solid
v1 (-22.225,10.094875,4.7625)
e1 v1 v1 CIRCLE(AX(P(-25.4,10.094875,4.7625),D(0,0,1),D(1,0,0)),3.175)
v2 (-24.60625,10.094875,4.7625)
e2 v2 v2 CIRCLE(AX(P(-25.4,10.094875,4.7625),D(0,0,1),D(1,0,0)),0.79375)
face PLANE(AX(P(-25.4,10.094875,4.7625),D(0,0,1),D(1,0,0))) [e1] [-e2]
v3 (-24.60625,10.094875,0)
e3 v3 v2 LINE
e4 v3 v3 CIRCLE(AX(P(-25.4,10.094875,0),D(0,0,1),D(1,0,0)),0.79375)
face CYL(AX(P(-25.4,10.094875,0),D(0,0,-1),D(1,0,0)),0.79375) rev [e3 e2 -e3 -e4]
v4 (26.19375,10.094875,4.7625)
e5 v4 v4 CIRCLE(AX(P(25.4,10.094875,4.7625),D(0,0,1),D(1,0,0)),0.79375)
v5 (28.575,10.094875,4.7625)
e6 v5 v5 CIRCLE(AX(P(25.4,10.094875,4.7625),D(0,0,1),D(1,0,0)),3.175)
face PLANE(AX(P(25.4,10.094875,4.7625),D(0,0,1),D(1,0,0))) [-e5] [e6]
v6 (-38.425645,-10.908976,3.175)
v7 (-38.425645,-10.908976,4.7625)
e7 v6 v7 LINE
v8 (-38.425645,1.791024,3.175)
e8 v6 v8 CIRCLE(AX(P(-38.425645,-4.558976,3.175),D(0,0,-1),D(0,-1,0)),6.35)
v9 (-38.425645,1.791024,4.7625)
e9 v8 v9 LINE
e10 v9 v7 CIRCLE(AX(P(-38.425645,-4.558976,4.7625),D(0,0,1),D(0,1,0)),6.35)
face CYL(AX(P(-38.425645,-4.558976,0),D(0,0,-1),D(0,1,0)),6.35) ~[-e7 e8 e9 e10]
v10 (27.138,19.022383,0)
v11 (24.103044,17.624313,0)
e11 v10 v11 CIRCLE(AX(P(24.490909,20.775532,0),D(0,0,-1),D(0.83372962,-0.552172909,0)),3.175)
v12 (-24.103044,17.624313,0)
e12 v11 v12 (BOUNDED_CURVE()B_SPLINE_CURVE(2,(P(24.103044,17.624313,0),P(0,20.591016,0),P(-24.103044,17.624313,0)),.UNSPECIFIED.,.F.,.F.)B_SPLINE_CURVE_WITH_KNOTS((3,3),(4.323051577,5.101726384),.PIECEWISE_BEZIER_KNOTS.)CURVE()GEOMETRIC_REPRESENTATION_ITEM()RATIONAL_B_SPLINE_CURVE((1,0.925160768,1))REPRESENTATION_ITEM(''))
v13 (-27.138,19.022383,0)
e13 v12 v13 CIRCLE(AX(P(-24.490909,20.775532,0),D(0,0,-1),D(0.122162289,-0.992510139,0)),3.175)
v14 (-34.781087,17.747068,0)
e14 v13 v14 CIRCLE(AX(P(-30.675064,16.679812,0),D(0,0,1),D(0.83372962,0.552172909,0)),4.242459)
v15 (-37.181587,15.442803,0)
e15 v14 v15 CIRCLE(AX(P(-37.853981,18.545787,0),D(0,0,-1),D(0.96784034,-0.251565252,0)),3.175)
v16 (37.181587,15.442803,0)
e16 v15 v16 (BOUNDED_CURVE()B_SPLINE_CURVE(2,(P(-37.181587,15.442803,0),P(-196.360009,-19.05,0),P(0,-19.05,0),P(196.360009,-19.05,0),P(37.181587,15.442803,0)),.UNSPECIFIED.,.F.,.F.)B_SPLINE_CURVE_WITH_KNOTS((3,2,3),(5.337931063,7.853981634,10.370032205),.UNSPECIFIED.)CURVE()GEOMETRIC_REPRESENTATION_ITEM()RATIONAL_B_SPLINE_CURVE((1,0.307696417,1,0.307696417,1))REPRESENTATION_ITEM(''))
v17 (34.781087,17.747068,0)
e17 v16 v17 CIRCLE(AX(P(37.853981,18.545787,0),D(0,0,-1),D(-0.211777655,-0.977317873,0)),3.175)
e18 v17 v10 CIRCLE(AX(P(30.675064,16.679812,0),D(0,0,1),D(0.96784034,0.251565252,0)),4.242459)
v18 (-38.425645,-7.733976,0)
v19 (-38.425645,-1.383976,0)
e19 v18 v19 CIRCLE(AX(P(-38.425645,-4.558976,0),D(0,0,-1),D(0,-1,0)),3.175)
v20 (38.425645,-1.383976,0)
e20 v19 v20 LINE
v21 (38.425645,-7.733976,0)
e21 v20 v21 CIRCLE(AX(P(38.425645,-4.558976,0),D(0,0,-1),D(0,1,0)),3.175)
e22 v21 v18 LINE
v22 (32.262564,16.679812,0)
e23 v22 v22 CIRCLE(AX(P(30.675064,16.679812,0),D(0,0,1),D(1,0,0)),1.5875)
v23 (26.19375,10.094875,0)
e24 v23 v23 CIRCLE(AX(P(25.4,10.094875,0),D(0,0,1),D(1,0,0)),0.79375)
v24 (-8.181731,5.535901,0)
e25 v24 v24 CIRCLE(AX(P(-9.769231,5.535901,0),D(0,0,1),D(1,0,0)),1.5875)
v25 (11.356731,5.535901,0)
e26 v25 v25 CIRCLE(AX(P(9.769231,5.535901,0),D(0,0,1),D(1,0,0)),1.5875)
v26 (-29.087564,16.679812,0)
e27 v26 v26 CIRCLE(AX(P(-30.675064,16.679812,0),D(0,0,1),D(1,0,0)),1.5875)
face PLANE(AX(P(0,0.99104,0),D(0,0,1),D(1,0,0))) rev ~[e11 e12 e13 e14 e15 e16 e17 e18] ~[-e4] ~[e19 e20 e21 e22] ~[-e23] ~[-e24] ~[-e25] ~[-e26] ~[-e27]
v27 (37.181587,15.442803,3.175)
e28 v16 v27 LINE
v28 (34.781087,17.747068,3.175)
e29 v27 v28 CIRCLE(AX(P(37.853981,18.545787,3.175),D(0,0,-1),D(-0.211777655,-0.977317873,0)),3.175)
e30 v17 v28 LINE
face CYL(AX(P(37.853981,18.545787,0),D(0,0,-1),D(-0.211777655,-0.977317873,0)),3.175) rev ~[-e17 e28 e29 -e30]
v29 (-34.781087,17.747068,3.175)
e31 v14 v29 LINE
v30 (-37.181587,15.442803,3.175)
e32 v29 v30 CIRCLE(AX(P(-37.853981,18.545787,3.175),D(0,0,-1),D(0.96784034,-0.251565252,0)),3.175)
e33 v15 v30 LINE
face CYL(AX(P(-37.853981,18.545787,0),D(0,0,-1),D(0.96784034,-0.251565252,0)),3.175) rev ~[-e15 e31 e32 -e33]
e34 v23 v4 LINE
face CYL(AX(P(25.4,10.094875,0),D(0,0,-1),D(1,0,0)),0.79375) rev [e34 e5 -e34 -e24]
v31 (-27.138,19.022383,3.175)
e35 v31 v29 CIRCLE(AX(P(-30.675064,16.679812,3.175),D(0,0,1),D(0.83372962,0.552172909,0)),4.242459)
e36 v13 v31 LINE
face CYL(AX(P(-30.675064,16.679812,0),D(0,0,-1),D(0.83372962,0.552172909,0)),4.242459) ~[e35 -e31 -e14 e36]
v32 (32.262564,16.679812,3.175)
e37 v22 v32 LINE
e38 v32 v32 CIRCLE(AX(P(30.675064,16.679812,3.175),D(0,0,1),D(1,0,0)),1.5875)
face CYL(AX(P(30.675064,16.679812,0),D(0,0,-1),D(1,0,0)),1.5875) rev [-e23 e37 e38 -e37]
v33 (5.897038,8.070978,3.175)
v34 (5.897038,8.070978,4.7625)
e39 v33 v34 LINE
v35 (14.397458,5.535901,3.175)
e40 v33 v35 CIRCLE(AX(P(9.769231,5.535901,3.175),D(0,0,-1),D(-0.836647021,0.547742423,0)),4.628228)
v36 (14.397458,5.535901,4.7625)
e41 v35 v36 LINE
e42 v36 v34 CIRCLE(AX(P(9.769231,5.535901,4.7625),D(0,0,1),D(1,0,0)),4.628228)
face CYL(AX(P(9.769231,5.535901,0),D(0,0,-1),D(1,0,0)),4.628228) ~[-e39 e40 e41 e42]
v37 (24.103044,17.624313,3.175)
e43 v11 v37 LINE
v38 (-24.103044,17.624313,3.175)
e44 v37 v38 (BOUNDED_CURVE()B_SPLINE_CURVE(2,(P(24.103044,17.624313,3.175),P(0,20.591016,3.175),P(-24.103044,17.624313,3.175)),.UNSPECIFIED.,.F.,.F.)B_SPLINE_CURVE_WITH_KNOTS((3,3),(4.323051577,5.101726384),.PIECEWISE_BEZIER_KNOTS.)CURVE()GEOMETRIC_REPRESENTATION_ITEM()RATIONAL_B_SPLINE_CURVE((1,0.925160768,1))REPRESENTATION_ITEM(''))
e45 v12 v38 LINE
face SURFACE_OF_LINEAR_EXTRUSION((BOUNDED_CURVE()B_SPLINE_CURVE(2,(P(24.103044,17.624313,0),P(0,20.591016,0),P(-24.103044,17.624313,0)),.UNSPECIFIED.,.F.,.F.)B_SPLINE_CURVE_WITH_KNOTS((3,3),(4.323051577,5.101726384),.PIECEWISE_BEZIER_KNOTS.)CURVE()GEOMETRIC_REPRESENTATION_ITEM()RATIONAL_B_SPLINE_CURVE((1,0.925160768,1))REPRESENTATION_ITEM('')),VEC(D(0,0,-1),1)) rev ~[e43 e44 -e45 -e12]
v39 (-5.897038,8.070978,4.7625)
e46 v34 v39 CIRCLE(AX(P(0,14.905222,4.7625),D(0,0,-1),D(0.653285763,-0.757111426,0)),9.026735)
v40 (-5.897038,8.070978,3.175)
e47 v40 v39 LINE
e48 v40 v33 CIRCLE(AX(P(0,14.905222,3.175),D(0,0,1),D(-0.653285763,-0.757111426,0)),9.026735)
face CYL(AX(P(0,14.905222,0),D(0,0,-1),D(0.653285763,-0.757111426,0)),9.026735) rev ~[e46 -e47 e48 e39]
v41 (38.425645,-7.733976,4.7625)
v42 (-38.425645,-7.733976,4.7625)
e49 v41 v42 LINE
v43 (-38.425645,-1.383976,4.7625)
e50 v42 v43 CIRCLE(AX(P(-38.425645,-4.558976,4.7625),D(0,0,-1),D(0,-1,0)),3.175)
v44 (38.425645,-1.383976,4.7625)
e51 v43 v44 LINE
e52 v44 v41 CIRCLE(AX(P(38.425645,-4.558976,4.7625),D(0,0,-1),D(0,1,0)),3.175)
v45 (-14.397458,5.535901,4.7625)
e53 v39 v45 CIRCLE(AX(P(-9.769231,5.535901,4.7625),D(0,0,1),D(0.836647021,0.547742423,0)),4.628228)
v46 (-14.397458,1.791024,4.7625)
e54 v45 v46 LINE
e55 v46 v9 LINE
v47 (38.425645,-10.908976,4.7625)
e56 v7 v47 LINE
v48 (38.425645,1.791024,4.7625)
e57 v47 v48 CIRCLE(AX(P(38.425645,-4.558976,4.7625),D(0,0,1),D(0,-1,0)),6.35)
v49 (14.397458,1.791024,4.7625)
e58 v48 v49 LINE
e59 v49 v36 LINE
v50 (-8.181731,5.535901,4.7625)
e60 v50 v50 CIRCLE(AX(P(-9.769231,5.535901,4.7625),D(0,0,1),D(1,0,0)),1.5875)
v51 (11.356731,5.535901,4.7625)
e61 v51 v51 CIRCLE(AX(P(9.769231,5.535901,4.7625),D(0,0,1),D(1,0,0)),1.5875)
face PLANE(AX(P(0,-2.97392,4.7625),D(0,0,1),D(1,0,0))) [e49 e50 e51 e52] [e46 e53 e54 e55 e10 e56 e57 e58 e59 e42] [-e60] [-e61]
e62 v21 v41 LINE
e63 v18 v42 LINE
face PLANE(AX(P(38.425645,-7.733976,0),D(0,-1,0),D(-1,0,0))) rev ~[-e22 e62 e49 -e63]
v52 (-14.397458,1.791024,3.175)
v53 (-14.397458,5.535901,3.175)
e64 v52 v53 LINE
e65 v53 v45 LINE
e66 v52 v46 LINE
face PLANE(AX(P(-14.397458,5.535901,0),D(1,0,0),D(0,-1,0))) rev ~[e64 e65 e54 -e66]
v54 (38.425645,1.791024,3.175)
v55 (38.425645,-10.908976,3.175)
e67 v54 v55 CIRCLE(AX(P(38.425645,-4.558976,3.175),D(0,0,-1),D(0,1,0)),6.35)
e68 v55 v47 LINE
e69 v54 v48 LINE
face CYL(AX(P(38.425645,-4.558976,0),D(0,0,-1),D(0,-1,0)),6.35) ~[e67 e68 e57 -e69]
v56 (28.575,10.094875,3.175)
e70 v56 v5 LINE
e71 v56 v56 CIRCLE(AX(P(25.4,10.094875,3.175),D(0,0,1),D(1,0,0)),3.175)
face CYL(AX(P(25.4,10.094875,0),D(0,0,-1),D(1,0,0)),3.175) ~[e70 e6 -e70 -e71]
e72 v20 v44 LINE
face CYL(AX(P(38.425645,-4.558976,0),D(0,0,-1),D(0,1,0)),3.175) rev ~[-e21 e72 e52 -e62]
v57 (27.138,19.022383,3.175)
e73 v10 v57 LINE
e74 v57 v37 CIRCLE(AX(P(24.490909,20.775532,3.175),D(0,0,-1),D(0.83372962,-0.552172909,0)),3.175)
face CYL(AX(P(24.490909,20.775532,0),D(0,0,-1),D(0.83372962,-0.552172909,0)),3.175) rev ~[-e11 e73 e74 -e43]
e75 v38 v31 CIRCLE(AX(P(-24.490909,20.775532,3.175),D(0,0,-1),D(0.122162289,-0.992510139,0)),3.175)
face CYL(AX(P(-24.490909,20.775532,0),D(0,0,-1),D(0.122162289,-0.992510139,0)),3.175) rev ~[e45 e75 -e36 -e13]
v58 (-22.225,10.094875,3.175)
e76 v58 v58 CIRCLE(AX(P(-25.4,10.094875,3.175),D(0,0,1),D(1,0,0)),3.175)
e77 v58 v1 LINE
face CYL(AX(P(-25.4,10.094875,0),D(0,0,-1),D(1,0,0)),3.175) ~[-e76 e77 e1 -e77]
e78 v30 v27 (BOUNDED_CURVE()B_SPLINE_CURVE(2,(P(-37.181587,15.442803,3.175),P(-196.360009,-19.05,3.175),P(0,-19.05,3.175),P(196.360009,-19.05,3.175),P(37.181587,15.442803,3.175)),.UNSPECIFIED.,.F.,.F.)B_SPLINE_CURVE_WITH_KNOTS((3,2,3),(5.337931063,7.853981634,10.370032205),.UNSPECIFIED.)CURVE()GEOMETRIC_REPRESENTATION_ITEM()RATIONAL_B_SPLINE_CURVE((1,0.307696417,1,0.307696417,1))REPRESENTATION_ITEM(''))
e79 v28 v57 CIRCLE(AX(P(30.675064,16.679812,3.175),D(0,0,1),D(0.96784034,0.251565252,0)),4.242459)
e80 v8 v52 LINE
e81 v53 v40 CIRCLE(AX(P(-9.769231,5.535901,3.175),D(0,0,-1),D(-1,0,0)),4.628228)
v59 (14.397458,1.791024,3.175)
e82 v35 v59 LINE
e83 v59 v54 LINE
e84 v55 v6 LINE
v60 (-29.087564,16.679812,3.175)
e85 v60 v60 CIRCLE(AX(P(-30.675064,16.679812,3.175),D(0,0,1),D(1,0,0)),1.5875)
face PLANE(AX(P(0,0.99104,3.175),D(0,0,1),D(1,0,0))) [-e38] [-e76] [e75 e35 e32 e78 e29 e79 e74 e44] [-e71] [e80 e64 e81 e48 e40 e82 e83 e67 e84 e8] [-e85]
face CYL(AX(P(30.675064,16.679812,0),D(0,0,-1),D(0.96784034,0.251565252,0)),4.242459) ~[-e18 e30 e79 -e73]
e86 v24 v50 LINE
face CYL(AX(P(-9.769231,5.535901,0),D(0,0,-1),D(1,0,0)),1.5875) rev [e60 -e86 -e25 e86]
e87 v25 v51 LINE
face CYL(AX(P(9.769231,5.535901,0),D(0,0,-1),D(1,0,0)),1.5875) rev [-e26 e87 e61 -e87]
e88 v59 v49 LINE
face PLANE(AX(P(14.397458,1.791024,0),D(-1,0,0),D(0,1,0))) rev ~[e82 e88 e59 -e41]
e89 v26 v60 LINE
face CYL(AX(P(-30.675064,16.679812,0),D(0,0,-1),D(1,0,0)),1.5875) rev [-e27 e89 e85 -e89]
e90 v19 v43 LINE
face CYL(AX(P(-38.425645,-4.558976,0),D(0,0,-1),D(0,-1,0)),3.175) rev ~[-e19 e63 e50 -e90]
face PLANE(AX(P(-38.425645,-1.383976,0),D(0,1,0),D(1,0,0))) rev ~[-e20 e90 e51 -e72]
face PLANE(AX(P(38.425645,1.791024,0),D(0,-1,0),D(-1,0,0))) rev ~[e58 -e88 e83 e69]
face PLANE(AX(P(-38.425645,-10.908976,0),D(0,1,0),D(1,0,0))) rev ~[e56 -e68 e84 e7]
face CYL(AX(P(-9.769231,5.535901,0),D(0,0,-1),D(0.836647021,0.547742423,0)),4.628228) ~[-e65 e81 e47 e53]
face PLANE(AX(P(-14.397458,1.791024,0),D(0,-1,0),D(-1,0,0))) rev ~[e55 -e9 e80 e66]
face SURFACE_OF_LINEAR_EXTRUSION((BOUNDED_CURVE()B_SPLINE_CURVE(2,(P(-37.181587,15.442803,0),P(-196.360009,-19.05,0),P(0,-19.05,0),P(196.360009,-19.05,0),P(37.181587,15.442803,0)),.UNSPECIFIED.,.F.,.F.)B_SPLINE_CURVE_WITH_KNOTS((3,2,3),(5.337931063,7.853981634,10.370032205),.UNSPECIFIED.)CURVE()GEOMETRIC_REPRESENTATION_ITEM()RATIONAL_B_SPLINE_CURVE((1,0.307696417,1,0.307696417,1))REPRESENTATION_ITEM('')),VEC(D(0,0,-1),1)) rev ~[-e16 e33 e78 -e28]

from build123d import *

# Parameters (mm, degrees)
F0_R     = 1.5875
F1_DEPTH = 4.7625
F0_R_2   = 3.175
F2_DEPTH = 3.175
F0_R_3   = 0.79375
F3_DEPTH = 4.7625


with BuildPart() as f1:
    # F0 (on Top) → F1 (new body)
    with BuildSketch(Plane.XY):
        with BuildLine():
            ThreePointArc((5.8970375136, 8.0709776401), (0, 5.8784868319), (-5.8970375136, 8.0709776401))
            ThreePointArc((-5.8970375136, 8.0709776401), (-11.0919363971, 9.9710945203), (-14.3974584471, 5.5359008893))
            Line((-14.3974584471, 5.5359008893), (-14.3974584471, 1.7910238821))
            Line((-14.3974584471, 1.7910238821), (-38.4256446949, 1.7910238821))
            ThreePointArc((-38.4256446949, 1.7910238821), (-44.775644668, -4.558976091), (-38.4256446949, -10.9089760641))
            Line((-38.4256446949, -10.9089760641), (38.4256446949, -10.9089760641))
            ThreePointArc((38.4256446949, -10.9089760641), (44.775644668, -4.558976091), (38.4256446949, 1.7910238821))
            Line((38.4256446949, 1.7910238821), (14.3974584471, 1.7910238821))
            Line((14.3974584471, 1.7910238821), (14.3974584471, 5.5359008893))
            ThreePointArc((14.3974584471, 5.5359008893), (11.0919363971, 9.9710945203), (5.8970375136, 8.0709776401))
        make_face()
        with BuildLine():
            ThreePointArc((-38.4256446949, -7.7339760641), (-41.6006446949, -4.5589760641), (-38.4256446949, -1.3839760641))
            Line((-38.4256446949, -1.3839760641), (38.4256446949, -1.3839760641))
            ThreePointArc((38.4256446949, -1.3839760641), (41.6006446949, -4.5589760641), (38.4256446949, -7.7339760641))
            Line((38.4256446949, -7.7339760641), (-38.4256446949, -7.7339760641))
        make_face(mode=Mode.SUBTRACT)
        with Locations((-9.769230575, 5.5359008893)):
            Circle(F0_R, mode=Mode.SUBTRACT)
        with Locations((9.769230575, 5.5359008893)):
            Circle(F0_R, mode=Mode.SUBTRACT)
    extrude(amount=F1_DEPTH)

    # F0 (on Top) → F2 (join)
    with BuildSketch(Plane.XY):
        with BuildLine():
            ThreePointArc((-24.1030436331, 17.6243126358), (-25.8193200805, 17.891793653), (-27.1380004421, 19.0223833409))
            ThreePointArc((-27.1380004421, 19.0223833409), (-31.3733022659, 20.8644178844), (-34.7810874927, 17.7470676241))
            ThreePointArc((-34.7810874927, 17.7470676241), (-35.6552985282, 16.2552803111), (-37.1815865182, 15.4428030538))
            add(Edge.make_bspline(
                [(-37.1815865182, 15.4428030538), (-196.360008544, -19.05), (0, -19.05), (196.360008544, -19.05), (37.1815865182, 15.4428030538)],
                knots=[5.3379310625, 5.3379310625, 5.3379310625, 7.853981634, 7.853981634, 10.3700322054, 10.3700322054, 10.3700322054], degree=2, weights=[1, 0.3076964173, 1, 0.3076964173, 1]))
            ThreePointArc((37.1815865182, 15.4428030538), (35.6552985282, 16.2552803111), (34.7810874927, 17.7470676241))
            ThreePointArc((34.7810874927, 17.7470676241), (31.3733022659, 20.8644178844), (27.1380004421, 19.0223833409))
            ThreePointArc((27.1380004421, 19.0223833409), (25.8193200805, 17.891793653), (24.1030436331, 17.6243126358))
            add(Edge.make_bspline(
                [(24.1030436331, 17.6243126358), (0, 20.5910158029), (-24.1030436331, 17.6243126358)],
                knots=[4.3230515768, 4.3230515768, 4.3230515768, 5.101726384, 5.101726384, 5.101726384], degree=2, weights=[1, 0.9251607683, 1]))
        make_face()
        with BuildLine():
            ThreePointArc((-14.3974584471, 5.5359008893), (-11.0919363971, 9.9710945203), (-5.8970375136, 8.0709776401))
            ThreePointArc((-5.8970375136, 8.0709776401), (0, 5.8784868319), (5.8970375136, 8.0709776401))
            ThreePointArc((5.8970375136, 8.0709776401), (11.0919363971, 9.9710945203), (14.3974584471, 5.5359008893))
            Line((14.3974584471, 5.5359008893), (14.3974584471, 1.7910238821))
            Line((14.3974584471, 1.7910238821), (38.4256446949, 1.7910238821))
            ThreePointArc((38.4256446949, 1.7910238821), (44.775644668, -4.558976091), (38.4256446949, -10.9089760641))
            Line((38.4256446949, -10.9089760641), (-38.4256446949, -10.9089760641))
            ThreePointArc((-38.4256446949, -10.9089760641), (-44.775644668, -4.558976091), (-38.4256446949, 1.7910238821))
            Line((-38.4256446949, 1.7910238821), (-14.3974584471, 1.7910238821))
            Line((-14.3974584471, 1.7910238821), (-14.3974584471, 5.5359008893))
        make_face(mode=Mode.SUBTRACT)
        with Locations((-25.4, 10.0948752699)):
            Circle(F0_R_2, mode=Mode.SUBTRACT)
        with Locations((-30.675064338, 16.6798123043)):
            Circle(F0_R, mode=Mode.SUBTRACT)
        with Locations((25.4, 10.0948752699)):
            Circle(F0_R_2, mode=Mode.SUBTRACT)
        with Locations((30.675064338, 16.6798123043)):
            Circle(F0_R, mode=Mode.SUBTRACT)
    extrude(amount=F2_DEPTH)

    # F0 (on Top) → F3 (join)
    with BuildSketch(Plane.XY):
        with Locations((-25.4, 10.0948752699)):
            Circle(F0_R_2)
        with Locations((-25.4, 10.0948752699)):
            Circle(F0_R_3, mode=Mode.SUBTRACT)
        with Locations((25.4, 10.0948752699)):
            Circle(F0_R_2)
        with Locations((25.4, 10.0948752699)):
            Circle(F0_R_3, mode=Mode.SUBTRACT)
    extrude(amount=F3_DEPTH)


solid = f1.part
